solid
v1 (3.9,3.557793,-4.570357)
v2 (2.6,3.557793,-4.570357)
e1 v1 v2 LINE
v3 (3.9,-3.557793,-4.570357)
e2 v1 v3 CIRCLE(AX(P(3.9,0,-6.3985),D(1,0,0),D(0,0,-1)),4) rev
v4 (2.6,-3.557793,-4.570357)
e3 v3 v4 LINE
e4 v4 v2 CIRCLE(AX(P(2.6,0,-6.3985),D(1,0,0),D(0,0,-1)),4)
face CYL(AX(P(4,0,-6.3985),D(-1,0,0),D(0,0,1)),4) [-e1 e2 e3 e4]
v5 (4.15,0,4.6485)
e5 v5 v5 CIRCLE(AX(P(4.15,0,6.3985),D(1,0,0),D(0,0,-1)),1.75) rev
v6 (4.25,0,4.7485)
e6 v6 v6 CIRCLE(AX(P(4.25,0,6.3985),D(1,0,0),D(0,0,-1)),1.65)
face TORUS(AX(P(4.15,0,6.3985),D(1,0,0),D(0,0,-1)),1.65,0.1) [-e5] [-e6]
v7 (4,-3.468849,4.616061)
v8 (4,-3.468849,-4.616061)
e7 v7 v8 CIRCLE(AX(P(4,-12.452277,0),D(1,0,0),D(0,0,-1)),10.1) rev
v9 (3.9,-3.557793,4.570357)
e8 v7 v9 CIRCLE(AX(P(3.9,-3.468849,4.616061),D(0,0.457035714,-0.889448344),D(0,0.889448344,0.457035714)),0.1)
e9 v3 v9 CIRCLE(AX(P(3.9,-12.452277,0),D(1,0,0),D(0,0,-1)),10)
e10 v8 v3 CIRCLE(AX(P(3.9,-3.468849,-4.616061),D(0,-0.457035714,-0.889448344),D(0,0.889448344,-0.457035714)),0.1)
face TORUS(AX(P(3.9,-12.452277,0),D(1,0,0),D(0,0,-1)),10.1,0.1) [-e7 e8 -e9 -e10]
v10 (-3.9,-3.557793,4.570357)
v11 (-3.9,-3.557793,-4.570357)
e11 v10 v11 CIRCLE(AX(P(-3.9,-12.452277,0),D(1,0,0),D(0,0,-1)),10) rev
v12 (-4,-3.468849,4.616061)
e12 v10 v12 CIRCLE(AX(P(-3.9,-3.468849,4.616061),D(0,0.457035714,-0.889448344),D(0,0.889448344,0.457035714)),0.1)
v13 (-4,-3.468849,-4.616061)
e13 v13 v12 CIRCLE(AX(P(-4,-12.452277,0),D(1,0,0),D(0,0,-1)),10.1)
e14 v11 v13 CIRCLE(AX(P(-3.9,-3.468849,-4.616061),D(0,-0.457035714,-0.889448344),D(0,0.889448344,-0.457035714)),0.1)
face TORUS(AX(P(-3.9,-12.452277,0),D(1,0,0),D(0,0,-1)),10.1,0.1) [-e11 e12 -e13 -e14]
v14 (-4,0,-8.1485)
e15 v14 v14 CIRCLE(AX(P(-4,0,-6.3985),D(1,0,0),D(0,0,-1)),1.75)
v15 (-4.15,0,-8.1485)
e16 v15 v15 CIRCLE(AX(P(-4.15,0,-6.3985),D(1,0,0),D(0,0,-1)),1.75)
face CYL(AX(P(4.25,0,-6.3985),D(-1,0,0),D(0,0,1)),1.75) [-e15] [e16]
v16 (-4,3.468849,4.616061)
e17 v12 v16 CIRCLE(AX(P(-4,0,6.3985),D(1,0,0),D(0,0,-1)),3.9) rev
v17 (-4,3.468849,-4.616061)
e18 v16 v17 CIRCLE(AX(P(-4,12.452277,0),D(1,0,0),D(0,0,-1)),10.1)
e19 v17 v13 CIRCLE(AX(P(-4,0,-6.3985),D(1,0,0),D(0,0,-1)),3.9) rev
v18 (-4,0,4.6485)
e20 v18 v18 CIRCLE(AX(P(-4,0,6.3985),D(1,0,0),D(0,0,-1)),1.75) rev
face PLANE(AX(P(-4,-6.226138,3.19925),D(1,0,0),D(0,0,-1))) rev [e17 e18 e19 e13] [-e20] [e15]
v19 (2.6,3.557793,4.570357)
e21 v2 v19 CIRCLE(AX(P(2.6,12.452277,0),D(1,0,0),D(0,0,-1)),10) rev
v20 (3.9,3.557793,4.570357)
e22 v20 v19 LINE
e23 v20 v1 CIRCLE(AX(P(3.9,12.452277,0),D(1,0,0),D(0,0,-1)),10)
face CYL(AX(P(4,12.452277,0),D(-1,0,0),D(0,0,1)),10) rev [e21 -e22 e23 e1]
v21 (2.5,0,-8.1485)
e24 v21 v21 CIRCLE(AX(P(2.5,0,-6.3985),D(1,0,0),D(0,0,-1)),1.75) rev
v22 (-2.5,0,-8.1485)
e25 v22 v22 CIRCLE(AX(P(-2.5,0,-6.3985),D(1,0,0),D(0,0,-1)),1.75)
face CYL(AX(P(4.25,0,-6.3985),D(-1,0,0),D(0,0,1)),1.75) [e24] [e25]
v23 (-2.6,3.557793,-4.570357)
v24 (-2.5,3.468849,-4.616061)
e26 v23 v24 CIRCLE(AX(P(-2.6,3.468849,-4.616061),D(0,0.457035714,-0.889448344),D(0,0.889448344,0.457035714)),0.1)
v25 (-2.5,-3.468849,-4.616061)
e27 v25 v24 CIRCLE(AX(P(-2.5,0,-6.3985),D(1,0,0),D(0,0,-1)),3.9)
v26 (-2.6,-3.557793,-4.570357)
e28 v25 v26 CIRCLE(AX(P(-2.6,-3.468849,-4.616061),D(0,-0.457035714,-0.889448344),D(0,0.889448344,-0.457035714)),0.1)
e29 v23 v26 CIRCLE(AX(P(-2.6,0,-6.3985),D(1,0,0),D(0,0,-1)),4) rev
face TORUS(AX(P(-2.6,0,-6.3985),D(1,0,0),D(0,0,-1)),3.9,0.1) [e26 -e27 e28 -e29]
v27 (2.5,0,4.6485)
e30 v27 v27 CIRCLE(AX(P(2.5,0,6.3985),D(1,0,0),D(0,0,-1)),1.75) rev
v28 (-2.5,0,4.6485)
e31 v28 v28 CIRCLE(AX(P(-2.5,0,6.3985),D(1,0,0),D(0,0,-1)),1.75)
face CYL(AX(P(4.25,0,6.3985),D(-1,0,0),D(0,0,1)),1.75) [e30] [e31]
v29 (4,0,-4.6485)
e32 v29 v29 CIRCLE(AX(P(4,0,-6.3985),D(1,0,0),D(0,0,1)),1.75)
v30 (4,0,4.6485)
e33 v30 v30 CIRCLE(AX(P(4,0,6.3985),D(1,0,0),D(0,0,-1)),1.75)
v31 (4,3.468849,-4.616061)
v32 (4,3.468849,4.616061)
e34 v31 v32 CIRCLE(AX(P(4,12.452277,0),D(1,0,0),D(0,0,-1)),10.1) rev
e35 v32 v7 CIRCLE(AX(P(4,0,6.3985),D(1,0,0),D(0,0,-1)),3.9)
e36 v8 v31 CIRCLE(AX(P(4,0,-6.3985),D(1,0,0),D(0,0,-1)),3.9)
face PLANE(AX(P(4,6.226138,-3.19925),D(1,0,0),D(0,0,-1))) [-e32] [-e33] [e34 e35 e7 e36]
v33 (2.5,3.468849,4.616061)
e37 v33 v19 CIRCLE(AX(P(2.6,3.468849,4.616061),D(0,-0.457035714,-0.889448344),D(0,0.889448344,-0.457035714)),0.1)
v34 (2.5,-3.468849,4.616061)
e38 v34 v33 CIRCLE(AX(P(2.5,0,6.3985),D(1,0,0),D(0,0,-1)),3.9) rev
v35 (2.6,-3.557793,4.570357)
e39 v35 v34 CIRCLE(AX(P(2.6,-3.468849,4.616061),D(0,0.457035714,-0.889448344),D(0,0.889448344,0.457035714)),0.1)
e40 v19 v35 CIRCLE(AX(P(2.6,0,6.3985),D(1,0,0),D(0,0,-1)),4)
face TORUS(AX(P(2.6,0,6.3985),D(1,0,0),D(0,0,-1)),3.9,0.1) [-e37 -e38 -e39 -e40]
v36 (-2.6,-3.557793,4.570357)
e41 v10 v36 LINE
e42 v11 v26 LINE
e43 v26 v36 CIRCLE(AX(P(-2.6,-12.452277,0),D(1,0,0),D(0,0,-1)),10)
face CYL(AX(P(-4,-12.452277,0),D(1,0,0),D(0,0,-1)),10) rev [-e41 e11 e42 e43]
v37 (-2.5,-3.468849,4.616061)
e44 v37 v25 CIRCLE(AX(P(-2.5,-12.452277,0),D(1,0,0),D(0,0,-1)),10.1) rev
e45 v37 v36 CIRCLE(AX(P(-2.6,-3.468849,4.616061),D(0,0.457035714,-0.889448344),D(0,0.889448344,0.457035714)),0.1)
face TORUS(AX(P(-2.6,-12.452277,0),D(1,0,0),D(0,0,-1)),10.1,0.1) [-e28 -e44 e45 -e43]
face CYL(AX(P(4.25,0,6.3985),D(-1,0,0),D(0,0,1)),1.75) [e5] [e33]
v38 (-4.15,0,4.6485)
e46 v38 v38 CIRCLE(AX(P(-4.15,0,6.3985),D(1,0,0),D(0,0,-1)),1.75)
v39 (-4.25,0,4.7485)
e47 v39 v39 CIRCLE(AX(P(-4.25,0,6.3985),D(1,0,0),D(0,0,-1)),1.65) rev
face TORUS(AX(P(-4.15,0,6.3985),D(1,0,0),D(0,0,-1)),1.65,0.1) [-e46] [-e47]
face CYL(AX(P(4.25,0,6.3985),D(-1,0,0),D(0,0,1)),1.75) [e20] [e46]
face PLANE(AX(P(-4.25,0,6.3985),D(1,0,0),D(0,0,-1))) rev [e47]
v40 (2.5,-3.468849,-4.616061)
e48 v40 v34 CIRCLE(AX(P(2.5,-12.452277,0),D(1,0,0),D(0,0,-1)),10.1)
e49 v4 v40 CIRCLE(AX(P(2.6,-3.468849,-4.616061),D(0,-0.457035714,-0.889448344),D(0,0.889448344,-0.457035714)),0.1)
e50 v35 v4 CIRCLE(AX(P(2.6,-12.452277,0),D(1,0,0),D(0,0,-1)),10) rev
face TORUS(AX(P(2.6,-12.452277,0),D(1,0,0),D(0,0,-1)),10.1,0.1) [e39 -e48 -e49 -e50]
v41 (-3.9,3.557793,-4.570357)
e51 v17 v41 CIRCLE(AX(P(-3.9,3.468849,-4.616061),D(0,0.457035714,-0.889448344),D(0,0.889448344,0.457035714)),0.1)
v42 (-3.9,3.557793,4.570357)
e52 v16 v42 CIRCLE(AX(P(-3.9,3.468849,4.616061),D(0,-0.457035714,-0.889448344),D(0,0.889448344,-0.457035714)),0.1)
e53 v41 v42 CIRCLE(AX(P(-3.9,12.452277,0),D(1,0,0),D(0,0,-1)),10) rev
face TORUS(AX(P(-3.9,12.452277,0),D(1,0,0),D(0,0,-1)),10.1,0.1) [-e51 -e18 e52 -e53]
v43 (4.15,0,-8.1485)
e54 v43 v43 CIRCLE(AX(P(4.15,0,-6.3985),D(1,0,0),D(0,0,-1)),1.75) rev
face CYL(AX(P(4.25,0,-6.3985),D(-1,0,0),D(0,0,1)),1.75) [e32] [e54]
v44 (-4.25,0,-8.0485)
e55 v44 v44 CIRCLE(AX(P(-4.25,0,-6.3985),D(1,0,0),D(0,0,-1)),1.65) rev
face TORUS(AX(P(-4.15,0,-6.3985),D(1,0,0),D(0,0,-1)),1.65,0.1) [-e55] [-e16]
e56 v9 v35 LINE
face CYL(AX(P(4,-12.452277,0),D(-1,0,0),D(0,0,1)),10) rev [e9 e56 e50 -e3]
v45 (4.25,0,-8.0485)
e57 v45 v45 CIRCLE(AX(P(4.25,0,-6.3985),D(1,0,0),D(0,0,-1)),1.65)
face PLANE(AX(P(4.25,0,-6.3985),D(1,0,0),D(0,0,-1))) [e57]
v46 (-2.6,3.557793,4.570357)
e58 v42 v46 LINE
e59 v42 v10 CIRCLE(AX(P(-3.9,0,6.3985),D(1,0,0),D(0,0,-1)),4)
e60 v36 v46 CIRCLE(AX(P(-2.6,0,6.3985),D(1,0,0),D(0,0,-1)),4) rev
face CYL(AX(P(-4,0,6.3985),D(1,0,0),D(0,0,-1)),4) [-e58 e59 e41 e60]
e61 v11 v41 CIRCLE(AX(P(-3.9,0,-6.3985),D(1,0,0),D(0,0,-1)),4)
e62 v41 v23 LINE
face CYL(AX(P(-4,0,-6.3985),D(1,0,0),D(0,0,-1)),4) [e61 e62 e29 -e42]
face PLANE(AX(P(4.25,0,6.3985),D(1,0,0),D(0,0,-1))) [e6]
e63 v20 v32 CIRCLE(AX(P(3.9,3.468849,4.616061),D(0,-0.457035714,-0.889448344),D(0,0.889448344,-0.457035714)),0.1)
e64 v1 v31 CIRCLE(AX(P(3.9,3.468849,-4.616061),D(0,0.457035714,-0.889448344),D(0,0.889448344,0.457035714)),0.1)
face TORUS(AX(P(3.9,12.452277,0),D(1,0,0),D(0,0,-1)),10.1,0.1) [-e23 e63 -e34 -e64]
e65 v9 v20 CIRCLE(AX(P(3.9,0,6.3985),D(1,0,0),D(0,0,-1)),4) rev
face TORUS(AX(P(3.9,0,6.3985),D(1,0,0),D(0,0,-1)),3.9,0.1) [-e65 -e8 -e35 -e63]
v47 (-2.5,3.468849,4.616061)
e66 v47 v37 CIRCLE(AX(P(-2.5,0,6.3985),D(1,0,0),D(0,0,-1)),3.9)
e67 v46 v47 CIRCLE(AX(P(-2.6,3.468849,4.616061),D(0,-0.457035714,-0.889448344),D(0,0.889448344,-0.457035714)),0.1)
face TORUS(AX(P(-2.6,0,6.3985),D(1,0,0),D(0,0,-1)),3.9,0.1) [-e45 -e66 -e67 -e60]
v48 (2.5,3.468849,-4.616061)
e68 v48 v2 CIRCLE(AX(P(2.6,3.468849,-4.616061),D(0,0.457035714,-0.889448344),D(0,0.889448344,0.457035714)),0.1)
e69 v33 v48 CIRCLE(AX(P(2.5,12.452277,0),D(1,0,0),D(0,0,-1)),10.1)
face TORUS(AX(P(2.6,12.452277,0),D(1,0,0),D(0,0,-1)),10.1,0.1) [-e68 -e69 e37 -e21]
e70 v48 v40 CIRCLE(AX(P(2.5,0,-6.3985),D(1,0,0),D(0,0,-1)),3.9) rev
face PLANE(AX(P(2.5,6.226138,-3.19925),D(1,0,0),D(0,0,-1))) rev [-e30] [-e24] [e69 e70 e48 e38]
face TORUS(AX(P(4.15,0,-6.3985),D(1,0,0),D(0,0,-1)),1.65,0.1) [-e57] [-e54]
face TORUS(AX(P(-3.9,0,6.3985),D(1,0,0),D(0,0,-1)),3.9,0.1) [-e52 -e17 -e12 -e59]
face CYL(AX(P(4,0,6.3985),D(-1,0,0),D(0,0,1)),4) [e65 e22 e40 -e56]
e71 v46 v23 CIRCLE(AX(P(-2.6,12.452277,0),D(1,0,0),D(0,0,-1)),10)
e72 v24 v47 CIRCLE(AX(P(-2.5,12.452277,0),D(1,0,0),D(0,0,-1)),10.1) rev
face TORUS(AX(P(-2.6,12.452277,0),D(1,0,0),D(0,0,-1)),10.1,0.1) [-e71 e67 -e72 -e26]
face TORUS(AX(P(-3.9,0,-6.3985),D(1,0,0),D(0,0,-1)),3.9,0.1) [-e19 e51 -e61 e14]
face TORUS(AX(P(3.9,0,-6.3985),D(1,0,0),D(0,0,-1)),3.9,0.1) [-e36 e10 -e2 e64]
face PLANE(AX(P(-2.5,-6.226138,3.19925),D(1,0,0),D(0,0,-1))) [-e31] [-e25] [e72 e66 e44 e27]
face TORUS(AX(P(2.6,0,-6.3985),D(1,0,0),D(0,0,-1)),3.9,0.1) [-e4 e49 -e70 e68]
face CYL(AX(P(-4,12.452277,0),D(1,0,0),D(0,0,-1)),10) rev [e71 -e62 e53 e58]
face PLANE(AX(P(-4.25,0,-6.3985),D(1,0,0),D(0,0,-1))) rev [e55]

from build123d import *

# Parameters (mm, degrees)
BOSS_EXTRUDE2_START = 2.5
SKETCH5_R           = 1.75
BOSS_EXTRUDE2_DEPTH = 1.5
BOSS_EXTRUDE3_START = -2.5
SKETCH6_R           = 1.75
BOSS_EXTRUDE3_DEPTH = 1.5
SKETCH7_R           = 1.75
BOSS_EXTRUDE4_DEPTH = 4.25
FILLET1_R           = 0.1


with BuildPart() as part:
    # Sketch5 → Boss-Extrude2 (new body)
    with BuildSketch(Plane(origin=(0, 0, 0), x_dir=(0, 0, -1), z_dir=(1, 0, 0)).offset(BOSS_EXTRUDE2_START)):
        with BuildLine():
            ThreePointArc((-4.570357143, 3.557793374), (-10.3985, 0), (-4.570357143, -3.557793374))
            ThreePointArc((-4.570357143, -3.557793374), (0, -2.45227681), (4.570357143, -3.557793374))
            ThreePointArc((4.570357143, -3.557793374), (10.3985, 0), (4.570357143, 3.557793374))
            ThreePointArc((4.570357143, 3.557793374), (0, 2.45227681), (-4.570357143, 3.557793374))
        make_face()
        with Locations((-6.3985, 0)):
            Circle(SKETCH5_R, mode=Mode.SUBTRACT)
        with Locations((6.3985, 0)):
            Circle(SKETCH5_R, mode=Mode.SUBTRACT)
    extrude(amount=BOSS_EXTRUDE2_DEPTH)



with BuildPart() as body_2:
    # Sketch6 → Boss-Extrude3 (new body)
    with BuildSketch(Plane(origin=(0, 0, 0), x_dir=(0, 0, -1), z_dir=(1, 0, 0)).offset(BOSS_EXTRUDE3_START)):
        with BuildLine():
            ThreePointArc((-4.570357143, 3.557793374), (0, 2.45227681), (4.570357143, 3.557793374))
            ThreePointArc((4.570357143, 3.557793374), (10.3985, 0), (4.570357143, -3.557793374))
            ThreePointArc((4.570357143, -3.557793374), (0, -2.45227681), (-4.570357143, -3.557793374))
            ThreePointArc((-4.570357143, -3.557793374), (-10.3985, 0), (-4.570357143, 3.557793374))
        make_face()
        with Locations((6.3985, 0)):
            Circle(SKETCH6_R, mode=Mode.SUBTRACT)
        with Locations((-6.3985, 0)):
            Circle(SKETCH6_R, mode=Mode.SUBTRACT)
    extrude(amount=-BOSS_EXTRUDE3_DEPTH)


with BuildPart() as part_1:
    add(part.part)

    add(body_2.part)  # Boss-Extrude4 merges body 2
    # Sketch7 → Boss-Extrude4 (add, symmetric)
    with BuildSketch(Plane(origin=(0, 0, 0), x_dir=(0, 0, -1), z_dir=(1, 0, 0))):
        with Locations((6.3985, 0)):
            Circle(SKETCH7_R)
        with Locations((-6.3985, 0)):
            Circle(SKETCH7_R)
    extrude(amount=BOSS_EXTRUDE4_DEPTH, both=True)

    # Fillet1
    fillet1_edges = [part_1.edges().sort_by_distance(p)[0] for p in [
        (4, -2.45227681, 0),
        (4, 0, -10.3985),
        (-4.25, 0, -4.6485),
        (4.25, 0, -4.6485),
        (-4, 0, 10.3985),
        (-4, 2.45227681, 0),
        (-4, 0, -10.3985),
        (-4, -2.45227681, 0),
        (-2.5, 0, 10.3985),
        (-2.5, -2.45227681, 0),
        (-2.5, 0, -10.3985),
        (-2.5, 2.45227681, 0),
        (-4.25, 0, 8.1485),
        (4.25, 0, 8.1485),
        (4, 2.45227681, 0),
        (2.5, 0, -10.3985),
        (2.5, -2.45227681, 0),
        (2.5, 0, 10.3985),
        (2.5, 2.45227681, 0),
        (4, 0, 10.3985),
    ]]
    fillet(fillet1_edges, radius=FILLET1_R)


solid = part_1.part
